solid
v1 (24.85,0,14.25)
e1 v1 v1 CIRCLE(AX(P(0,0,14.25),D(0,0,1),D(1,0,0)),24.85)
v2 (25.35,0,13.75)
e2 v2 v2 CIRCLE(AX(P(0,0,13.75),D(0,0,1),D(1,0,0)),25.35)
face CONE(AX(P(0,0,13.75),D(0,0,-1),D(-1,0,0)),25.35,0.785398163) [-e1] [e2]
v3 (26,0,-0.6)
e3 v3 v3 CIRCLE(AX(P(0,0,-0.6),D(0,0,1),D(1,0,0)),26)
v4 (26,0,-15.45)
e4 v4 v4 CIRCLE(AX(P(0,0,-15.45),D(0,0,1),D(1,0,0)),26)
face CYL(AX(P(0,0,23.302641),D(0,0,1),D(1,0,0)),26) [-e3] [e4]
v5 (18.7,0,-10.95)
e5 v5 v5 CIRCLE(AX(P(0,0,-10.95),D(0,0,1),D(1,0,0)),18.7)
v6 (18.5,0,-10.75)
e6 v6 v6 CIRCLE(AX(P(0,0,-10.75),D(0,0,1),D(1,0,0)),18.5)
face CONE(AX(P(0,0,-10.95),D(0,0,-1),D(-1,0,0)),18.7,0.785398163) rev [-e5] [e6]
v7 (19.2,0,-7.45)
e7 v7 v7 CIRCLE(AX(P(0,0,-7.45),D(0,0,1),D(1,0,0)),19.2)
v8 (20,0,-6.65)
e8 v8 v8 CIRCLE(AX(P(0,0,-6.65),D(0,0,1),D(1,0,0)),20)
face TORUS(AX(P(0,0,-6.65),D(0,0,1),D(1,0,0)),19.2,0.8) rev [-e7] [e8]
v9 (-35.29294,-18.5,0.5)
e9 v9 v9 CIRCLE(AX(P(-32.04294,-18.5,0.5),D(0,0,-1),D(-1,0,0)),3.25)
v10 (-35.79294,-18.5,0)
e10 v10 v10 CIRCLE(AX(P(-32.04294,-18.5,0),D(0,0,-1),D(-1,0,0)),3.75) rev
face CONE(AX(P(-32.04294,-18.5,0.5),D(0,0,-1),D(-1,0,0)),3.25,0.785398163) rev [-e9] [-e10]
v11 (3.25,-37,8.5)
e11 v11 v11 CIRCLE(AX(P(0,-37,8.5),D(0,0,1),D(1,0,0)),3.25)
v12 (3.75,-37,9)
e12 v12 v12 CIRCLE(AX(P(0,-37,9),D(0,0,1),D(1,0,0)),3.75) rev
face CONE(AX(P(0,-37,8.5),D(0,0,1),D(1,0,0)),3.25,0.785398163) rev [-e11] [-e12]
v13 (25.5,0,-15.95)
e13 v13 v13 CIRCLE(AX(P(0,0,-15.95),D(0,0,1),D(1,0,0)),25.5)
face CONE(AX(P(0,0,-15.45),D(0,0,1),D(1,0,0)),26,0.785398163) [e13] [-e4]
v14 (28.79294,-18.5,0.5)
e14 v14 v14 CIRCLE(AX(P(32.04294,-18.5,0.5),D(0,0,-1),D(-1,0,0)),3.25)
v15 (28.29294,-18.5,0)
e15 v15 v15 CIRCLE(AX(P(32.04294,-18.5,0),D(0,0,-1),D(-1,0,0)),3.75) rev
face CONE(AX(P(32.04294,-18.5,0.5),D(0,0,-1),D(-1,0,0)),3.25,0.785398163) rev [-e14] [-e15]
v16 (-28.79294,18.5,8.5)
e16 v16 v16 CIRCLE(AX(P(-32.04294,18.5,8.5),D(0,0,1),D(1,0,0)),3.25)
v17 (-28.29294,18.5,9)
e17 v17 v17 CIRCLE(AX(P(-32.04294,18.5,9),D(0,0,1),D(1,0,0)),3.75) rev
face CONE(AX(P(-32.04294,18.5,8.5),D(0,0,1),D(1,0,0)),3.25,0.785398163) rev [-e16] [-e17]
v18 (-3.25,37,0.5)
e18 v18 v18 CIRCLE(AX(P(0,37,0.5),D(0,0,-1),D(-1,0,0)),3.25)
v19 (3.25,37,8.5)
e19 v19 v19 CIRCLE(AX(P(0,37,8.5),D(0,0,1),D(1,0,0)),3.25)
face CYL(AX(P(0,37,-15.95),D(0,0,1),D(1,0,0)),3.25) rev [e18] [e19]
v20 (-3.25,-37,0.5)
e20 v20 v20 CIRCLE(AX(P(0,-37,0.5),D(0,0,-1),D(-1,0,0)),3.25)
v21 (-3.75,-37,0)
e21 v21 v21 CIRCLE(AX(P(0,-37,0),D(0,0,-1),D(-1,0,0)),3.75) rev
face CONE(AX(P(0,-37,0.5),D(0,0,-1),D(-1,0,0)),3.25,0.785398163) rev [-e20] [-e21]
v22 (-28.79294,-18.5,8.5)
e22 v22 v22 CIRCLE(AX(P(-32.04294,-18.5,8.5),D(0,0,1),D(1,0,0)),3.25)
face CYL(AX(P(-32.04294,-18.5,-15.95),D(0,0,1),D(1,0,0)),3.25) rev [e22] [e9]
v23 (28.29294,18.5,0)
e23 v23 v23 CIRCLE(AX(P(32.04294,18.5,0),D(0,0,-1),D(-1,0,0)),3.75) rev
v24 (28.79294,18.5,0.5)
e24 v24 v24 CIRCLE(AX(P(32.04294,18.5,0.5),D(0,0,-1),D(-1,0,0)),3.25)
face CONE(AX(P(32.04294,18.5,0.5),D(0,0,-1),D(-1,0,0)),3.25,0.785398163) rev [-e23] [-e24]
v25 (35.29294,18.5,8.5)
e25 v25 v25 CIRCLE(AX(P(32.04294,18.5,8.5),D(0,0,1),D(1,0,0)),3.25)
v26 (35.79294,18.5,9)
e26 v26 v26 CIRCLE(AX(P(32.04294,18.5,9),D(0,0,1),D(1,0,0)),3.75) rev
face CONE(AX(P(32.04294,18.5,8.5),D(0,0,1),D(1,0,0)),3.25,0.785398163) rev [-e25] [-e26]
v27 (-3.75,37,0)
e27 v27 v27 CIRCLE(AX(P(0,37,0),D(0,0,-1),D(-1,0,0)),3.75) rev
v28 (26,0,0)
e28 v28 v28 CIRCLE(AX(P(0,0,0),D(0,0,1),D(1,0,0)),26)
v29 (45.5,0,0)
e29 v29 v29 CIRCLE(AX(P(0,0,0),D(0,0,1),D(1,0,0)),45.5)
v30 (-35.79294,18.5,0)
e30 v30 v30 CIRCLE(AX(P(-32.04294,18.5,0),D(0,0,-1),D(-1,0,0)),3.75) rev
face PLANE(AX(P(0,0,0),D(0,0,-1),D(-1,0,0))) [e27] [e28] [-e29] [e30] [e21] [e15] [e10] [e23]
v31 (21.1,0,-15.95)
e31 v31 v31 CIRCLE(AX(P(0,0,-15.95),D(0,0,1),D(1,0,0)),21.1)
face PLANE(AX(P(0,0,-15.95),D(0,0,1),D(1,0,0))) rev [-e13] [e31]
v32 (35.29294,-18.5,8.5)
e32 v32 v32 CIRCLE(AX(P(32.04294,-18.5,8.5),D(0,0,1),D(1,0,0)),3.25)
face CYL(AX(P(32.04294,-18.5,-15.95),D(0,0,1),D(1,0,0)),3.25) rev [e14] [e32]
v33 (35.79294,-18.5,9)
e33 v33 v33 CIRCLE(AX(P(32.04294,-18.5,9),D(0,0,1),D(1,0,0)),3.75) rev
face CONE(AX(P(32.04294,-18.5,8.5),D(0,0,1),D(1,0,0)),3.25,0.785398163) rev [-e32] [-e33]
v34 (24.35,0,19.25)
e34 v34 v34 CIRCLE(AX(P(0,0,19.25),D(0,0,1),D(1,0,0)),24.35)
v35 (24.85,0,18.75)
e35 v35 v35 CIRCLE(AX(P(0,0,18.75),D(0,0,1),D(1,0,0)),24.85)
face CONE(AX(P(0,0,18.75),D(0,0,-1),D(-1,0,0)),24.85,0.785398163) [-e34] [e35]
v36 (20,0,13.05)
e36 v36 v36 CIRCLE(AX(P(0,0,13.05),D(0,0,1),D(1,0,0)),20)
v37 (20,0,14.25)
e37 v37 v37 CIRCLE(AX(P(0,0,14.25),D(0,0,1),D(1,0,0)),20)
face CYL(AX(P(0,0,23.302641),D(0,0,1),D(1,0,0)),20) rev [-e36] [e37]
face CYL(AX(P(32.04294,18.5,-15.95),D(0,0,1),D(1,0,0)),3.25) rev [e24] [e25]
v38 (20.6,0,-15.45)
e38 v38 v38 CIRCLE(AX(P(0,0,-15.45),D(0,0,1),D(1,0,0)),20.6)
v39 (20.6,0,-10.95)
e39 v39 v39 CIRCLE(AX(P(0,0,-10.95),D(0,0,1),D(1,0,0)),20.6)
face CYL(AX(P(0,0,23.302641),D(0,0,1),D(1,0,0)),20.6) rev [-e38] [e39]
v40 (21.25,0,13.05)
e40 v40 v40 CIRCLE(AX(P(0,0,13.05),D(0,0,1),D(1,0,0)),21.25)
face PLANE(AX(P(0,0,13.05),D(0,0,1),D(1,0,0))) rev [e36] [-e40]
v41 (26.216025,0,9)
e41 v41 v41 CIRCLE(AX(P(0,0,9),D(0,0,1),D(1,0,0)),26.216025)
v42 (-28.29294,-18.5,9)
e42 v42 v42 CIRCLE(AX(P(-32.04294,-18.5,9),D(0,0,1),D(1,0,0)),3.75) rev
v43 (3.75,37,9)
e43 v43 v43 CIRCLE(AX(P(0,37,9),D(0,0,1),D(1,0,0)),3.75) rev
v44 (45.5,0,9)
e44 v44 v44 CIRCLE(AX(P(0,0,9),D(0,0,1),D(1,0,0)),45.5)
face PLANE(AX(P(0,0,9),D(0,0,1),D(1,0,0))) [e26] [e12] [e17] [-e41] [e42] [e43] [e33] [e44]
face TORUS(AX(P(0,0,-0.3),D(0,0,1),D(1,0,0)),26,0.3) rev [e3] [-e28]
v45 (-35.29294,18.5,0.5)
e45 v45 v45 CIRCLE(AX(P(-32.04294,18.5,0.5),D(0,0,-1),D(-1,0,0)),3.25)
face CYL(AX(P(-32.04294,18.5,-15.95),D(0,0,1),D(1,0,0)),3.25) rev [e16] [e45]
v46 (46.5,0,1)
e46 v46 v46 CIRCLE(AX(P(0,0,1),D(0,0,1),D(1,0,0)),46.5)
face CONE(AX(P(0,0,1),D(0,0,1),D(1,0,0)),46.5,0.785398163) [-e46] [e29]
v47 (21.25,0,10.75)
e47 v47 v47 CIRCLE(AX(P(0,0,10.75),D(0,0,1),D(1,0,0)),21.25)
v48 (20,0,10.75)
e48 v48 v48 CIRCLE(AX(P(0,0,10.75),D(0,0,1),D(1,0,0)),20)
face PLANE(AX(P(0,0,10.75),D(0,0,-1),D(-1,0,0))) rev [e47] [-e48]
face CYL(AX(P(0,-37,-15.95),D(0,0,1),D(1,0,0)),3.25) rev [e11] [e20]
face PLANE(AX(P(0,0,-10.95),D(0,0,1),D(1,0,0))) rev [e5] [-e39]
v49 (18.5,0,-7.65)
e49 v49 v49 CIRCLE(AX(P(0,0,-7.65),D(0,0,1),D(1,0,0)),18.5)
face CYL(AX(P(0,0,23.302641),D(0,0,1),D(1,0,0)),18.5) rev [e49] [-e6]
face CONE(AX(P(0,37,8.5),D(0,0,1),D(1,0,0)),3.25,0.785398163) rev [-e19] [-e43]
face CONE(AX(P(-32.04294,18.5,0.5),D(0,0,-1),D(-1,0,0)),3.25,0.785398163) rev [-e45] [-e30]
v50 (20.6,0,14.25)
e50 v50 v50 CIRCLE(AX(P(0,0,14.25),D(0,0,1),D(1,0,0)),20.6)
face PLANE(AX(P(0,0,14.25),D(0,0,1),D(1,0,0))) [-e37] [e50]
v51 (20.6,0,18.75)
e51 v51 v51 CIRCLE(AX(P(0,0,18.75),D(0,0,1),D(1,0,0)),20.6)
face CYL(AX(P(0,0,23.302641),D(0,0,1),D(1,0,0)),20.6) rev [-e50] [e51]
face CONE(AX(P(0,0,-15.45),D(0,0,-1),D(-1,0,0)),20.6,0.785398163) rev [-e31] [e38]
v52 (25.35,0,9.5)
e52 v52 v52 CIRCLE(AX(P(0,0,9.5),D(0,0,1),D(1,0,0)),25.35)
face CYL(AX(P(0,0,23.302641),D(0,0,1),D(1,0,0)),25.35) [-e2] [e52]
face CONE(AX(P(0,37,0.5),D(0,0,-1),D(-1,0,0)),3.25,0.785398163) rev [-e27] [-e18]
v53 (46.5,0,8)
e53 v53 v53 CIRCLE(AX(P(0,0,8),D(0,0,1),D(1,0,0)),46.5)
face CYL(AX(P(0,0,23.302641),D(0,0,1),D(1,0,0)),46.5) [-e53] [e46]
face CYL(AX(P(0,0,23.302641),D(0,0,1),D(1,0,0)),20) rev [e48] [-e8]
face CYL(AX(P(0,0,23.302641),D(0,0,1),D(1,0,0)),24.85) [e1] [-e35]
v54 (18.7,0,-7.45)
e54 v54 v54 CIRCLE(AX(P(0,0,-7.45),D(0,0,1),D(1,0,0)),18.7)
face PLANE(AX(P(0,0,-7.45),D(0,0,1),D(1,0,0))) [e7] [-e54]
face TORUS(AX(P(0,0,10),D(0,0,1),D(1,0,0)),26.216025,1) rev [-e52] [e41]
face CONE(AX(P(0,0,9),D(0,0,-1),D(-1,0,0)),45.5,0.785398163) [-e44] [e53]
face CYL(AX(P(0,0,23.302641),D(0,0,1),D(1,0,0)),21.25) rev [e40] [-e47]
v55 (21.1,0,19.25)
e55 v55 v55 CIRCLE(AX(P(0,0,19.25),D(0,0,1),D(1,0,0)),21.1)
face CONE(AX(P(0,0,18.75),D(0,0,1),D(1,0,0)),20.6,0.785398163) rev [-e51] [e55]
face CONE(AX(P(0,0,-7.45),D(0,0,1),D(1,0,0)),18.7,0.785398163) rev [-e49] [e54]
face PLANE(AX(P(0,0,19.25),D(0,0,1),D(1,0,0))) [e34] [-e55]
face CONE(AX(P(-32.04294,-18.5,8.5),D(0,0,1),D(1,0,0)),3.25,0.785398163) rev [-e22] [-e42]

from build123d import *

# Parameters (mm, degrees)
CROQUIS2_R            = 3.25
CORTAR_EXTRUIR1_DEPTH = 71.334930867
CHAFL_N1_SIZE         = 0.5


with BuildPart() as part:
    # Croquis1 → Revolución1 (revolve)
    with BuildSketch(Plane(origin=(0, 0, 0), x_dir=(0, 0, -1), z_dir=(1, 0, 0)), mode=Mode.PRIVATE) as revoluci_n1_sk:
        with BuildLine():
            Line((-9, 26.216025404), (-9, 45.5))
            Line((-9, 45.5), (-8, 46.5))
            Line((-8, 46.5), (-1, 46.5))
            Line((-1, 46.5), (0, 45.5))
            Line((0, 45.5), (0, 26))
            ThreePointArc((0, 26), (0.3, 25.7), (0.6, 26))
            Line((0.6, 26), (15.45, 26))
            Line((15.45, 26), (15.95, 25.5))
            Line((15.95, 25.5), (15.95, 21.1))
            Line((15.95, 21.1), (15.45, 20.6))
            Line((15.45, 20.6), (10.95, 20.6))
            Line((10.95, 20.6), (10.95, 18.7))
            Line((10.95, 18.7), (10.75, 18.5))
            Line((10.75, 18.5), (7.65, 18.5))
            Line((7.65, 18.5), (7.45, 18.7))
            Line((7.45, 18.7), (7.45, 19.2))
            ThreePointArc((7.45, 19.2), (7.215685425, 19.765685425), (6.65, 20))
            Line((6.65, 20), (-10.75, 20))
            Line((-10.75, 20), (-10.75, 21.25))
            Line((-10.75, 21.25), (-13.05, 21.25))
            Line((-13.05, 21.25), (-13.05, 20))
            Line((-13.05, 20), (-14.25, 20))
            Line((-14.25, 20), (-14.25, 20.6))
            Line((-14.25, 20.6), (-18.75, 20.6))
            Line((-18.75, 20.6), (-19.25, 21.1))
            Line((-19.25, 21.1), (-19.25, 24.35))
            Line((-19.25, 24.35), (-18.75, 24.85))
            Line((-18.75, 24.85), (-14.25, 24.85))
            Line((-14.25, 24.85), (-13.75, 25.35))
            Line((-13.75, 25.35), (-9.5, 25.35))
            ThreePointArc((-9.5, 25.35), (-9.133974596, 25.716025404), (-9, 26.216025404))
        make_face()
    revolve(revoluci_n1_sk.sketch.rotate(Axis((0, 0, 23.302641181), (0, 0, -1)), 90), axis=Axis((0, 0, 23.302641181), (0, 0, -1)))

    # Croquis2 → Cortar-Extruir1 (cut, through all)
    with BuildSketch(Plane.XY.offset(9)):
        with Locations((0, 37)):
            Circle(CROQUIS2_R)
        with Locations((32.04293994, 18.5)):
            Circle(CROQUIS2_R)
        with Locations((32.04293994, -18.5)):
            Circle(CROQUIS2_R)
        with Locations((0, -37)):
            Circle(CROQUIS2_R)
        with Locations((-32.04293994, -18.5)):
            Circle(CROQUIS2_R)
        with Locations((-32.04293994, 18.5)):
            Circle(CROQUIS2_R)
    extrude(amount=-CORTAR_EXTRUIR1_DEPTH, mode=Mode.SUBTRACT)

    # Chaflán1
    chafl_n1_edges = [part.edges().sort_by_distance(p)[0] for p in [
        (-3.25, 37, 0),
        (-3.25, 37, 9),
        (-35.29293994, 18.5, 0),
        (-35.29293994, 18.5, 9),
        (-35.29293994, -18.5, 0),
        (-35.29293994, -18.5, 9),
        (-3.25, -37, 0),
        (-3.25, -37, 9),
        (28.79293994, -18.5, 0),
        (28.79293994, -18.5, 9),
        (28.79293994, 18.5, 0),
        (28.79293994, 18.5, 9),
    ]]
    chamfer(chafl_n1_edges, length=CHAFL_N1_SIZE)


solid = part.part
